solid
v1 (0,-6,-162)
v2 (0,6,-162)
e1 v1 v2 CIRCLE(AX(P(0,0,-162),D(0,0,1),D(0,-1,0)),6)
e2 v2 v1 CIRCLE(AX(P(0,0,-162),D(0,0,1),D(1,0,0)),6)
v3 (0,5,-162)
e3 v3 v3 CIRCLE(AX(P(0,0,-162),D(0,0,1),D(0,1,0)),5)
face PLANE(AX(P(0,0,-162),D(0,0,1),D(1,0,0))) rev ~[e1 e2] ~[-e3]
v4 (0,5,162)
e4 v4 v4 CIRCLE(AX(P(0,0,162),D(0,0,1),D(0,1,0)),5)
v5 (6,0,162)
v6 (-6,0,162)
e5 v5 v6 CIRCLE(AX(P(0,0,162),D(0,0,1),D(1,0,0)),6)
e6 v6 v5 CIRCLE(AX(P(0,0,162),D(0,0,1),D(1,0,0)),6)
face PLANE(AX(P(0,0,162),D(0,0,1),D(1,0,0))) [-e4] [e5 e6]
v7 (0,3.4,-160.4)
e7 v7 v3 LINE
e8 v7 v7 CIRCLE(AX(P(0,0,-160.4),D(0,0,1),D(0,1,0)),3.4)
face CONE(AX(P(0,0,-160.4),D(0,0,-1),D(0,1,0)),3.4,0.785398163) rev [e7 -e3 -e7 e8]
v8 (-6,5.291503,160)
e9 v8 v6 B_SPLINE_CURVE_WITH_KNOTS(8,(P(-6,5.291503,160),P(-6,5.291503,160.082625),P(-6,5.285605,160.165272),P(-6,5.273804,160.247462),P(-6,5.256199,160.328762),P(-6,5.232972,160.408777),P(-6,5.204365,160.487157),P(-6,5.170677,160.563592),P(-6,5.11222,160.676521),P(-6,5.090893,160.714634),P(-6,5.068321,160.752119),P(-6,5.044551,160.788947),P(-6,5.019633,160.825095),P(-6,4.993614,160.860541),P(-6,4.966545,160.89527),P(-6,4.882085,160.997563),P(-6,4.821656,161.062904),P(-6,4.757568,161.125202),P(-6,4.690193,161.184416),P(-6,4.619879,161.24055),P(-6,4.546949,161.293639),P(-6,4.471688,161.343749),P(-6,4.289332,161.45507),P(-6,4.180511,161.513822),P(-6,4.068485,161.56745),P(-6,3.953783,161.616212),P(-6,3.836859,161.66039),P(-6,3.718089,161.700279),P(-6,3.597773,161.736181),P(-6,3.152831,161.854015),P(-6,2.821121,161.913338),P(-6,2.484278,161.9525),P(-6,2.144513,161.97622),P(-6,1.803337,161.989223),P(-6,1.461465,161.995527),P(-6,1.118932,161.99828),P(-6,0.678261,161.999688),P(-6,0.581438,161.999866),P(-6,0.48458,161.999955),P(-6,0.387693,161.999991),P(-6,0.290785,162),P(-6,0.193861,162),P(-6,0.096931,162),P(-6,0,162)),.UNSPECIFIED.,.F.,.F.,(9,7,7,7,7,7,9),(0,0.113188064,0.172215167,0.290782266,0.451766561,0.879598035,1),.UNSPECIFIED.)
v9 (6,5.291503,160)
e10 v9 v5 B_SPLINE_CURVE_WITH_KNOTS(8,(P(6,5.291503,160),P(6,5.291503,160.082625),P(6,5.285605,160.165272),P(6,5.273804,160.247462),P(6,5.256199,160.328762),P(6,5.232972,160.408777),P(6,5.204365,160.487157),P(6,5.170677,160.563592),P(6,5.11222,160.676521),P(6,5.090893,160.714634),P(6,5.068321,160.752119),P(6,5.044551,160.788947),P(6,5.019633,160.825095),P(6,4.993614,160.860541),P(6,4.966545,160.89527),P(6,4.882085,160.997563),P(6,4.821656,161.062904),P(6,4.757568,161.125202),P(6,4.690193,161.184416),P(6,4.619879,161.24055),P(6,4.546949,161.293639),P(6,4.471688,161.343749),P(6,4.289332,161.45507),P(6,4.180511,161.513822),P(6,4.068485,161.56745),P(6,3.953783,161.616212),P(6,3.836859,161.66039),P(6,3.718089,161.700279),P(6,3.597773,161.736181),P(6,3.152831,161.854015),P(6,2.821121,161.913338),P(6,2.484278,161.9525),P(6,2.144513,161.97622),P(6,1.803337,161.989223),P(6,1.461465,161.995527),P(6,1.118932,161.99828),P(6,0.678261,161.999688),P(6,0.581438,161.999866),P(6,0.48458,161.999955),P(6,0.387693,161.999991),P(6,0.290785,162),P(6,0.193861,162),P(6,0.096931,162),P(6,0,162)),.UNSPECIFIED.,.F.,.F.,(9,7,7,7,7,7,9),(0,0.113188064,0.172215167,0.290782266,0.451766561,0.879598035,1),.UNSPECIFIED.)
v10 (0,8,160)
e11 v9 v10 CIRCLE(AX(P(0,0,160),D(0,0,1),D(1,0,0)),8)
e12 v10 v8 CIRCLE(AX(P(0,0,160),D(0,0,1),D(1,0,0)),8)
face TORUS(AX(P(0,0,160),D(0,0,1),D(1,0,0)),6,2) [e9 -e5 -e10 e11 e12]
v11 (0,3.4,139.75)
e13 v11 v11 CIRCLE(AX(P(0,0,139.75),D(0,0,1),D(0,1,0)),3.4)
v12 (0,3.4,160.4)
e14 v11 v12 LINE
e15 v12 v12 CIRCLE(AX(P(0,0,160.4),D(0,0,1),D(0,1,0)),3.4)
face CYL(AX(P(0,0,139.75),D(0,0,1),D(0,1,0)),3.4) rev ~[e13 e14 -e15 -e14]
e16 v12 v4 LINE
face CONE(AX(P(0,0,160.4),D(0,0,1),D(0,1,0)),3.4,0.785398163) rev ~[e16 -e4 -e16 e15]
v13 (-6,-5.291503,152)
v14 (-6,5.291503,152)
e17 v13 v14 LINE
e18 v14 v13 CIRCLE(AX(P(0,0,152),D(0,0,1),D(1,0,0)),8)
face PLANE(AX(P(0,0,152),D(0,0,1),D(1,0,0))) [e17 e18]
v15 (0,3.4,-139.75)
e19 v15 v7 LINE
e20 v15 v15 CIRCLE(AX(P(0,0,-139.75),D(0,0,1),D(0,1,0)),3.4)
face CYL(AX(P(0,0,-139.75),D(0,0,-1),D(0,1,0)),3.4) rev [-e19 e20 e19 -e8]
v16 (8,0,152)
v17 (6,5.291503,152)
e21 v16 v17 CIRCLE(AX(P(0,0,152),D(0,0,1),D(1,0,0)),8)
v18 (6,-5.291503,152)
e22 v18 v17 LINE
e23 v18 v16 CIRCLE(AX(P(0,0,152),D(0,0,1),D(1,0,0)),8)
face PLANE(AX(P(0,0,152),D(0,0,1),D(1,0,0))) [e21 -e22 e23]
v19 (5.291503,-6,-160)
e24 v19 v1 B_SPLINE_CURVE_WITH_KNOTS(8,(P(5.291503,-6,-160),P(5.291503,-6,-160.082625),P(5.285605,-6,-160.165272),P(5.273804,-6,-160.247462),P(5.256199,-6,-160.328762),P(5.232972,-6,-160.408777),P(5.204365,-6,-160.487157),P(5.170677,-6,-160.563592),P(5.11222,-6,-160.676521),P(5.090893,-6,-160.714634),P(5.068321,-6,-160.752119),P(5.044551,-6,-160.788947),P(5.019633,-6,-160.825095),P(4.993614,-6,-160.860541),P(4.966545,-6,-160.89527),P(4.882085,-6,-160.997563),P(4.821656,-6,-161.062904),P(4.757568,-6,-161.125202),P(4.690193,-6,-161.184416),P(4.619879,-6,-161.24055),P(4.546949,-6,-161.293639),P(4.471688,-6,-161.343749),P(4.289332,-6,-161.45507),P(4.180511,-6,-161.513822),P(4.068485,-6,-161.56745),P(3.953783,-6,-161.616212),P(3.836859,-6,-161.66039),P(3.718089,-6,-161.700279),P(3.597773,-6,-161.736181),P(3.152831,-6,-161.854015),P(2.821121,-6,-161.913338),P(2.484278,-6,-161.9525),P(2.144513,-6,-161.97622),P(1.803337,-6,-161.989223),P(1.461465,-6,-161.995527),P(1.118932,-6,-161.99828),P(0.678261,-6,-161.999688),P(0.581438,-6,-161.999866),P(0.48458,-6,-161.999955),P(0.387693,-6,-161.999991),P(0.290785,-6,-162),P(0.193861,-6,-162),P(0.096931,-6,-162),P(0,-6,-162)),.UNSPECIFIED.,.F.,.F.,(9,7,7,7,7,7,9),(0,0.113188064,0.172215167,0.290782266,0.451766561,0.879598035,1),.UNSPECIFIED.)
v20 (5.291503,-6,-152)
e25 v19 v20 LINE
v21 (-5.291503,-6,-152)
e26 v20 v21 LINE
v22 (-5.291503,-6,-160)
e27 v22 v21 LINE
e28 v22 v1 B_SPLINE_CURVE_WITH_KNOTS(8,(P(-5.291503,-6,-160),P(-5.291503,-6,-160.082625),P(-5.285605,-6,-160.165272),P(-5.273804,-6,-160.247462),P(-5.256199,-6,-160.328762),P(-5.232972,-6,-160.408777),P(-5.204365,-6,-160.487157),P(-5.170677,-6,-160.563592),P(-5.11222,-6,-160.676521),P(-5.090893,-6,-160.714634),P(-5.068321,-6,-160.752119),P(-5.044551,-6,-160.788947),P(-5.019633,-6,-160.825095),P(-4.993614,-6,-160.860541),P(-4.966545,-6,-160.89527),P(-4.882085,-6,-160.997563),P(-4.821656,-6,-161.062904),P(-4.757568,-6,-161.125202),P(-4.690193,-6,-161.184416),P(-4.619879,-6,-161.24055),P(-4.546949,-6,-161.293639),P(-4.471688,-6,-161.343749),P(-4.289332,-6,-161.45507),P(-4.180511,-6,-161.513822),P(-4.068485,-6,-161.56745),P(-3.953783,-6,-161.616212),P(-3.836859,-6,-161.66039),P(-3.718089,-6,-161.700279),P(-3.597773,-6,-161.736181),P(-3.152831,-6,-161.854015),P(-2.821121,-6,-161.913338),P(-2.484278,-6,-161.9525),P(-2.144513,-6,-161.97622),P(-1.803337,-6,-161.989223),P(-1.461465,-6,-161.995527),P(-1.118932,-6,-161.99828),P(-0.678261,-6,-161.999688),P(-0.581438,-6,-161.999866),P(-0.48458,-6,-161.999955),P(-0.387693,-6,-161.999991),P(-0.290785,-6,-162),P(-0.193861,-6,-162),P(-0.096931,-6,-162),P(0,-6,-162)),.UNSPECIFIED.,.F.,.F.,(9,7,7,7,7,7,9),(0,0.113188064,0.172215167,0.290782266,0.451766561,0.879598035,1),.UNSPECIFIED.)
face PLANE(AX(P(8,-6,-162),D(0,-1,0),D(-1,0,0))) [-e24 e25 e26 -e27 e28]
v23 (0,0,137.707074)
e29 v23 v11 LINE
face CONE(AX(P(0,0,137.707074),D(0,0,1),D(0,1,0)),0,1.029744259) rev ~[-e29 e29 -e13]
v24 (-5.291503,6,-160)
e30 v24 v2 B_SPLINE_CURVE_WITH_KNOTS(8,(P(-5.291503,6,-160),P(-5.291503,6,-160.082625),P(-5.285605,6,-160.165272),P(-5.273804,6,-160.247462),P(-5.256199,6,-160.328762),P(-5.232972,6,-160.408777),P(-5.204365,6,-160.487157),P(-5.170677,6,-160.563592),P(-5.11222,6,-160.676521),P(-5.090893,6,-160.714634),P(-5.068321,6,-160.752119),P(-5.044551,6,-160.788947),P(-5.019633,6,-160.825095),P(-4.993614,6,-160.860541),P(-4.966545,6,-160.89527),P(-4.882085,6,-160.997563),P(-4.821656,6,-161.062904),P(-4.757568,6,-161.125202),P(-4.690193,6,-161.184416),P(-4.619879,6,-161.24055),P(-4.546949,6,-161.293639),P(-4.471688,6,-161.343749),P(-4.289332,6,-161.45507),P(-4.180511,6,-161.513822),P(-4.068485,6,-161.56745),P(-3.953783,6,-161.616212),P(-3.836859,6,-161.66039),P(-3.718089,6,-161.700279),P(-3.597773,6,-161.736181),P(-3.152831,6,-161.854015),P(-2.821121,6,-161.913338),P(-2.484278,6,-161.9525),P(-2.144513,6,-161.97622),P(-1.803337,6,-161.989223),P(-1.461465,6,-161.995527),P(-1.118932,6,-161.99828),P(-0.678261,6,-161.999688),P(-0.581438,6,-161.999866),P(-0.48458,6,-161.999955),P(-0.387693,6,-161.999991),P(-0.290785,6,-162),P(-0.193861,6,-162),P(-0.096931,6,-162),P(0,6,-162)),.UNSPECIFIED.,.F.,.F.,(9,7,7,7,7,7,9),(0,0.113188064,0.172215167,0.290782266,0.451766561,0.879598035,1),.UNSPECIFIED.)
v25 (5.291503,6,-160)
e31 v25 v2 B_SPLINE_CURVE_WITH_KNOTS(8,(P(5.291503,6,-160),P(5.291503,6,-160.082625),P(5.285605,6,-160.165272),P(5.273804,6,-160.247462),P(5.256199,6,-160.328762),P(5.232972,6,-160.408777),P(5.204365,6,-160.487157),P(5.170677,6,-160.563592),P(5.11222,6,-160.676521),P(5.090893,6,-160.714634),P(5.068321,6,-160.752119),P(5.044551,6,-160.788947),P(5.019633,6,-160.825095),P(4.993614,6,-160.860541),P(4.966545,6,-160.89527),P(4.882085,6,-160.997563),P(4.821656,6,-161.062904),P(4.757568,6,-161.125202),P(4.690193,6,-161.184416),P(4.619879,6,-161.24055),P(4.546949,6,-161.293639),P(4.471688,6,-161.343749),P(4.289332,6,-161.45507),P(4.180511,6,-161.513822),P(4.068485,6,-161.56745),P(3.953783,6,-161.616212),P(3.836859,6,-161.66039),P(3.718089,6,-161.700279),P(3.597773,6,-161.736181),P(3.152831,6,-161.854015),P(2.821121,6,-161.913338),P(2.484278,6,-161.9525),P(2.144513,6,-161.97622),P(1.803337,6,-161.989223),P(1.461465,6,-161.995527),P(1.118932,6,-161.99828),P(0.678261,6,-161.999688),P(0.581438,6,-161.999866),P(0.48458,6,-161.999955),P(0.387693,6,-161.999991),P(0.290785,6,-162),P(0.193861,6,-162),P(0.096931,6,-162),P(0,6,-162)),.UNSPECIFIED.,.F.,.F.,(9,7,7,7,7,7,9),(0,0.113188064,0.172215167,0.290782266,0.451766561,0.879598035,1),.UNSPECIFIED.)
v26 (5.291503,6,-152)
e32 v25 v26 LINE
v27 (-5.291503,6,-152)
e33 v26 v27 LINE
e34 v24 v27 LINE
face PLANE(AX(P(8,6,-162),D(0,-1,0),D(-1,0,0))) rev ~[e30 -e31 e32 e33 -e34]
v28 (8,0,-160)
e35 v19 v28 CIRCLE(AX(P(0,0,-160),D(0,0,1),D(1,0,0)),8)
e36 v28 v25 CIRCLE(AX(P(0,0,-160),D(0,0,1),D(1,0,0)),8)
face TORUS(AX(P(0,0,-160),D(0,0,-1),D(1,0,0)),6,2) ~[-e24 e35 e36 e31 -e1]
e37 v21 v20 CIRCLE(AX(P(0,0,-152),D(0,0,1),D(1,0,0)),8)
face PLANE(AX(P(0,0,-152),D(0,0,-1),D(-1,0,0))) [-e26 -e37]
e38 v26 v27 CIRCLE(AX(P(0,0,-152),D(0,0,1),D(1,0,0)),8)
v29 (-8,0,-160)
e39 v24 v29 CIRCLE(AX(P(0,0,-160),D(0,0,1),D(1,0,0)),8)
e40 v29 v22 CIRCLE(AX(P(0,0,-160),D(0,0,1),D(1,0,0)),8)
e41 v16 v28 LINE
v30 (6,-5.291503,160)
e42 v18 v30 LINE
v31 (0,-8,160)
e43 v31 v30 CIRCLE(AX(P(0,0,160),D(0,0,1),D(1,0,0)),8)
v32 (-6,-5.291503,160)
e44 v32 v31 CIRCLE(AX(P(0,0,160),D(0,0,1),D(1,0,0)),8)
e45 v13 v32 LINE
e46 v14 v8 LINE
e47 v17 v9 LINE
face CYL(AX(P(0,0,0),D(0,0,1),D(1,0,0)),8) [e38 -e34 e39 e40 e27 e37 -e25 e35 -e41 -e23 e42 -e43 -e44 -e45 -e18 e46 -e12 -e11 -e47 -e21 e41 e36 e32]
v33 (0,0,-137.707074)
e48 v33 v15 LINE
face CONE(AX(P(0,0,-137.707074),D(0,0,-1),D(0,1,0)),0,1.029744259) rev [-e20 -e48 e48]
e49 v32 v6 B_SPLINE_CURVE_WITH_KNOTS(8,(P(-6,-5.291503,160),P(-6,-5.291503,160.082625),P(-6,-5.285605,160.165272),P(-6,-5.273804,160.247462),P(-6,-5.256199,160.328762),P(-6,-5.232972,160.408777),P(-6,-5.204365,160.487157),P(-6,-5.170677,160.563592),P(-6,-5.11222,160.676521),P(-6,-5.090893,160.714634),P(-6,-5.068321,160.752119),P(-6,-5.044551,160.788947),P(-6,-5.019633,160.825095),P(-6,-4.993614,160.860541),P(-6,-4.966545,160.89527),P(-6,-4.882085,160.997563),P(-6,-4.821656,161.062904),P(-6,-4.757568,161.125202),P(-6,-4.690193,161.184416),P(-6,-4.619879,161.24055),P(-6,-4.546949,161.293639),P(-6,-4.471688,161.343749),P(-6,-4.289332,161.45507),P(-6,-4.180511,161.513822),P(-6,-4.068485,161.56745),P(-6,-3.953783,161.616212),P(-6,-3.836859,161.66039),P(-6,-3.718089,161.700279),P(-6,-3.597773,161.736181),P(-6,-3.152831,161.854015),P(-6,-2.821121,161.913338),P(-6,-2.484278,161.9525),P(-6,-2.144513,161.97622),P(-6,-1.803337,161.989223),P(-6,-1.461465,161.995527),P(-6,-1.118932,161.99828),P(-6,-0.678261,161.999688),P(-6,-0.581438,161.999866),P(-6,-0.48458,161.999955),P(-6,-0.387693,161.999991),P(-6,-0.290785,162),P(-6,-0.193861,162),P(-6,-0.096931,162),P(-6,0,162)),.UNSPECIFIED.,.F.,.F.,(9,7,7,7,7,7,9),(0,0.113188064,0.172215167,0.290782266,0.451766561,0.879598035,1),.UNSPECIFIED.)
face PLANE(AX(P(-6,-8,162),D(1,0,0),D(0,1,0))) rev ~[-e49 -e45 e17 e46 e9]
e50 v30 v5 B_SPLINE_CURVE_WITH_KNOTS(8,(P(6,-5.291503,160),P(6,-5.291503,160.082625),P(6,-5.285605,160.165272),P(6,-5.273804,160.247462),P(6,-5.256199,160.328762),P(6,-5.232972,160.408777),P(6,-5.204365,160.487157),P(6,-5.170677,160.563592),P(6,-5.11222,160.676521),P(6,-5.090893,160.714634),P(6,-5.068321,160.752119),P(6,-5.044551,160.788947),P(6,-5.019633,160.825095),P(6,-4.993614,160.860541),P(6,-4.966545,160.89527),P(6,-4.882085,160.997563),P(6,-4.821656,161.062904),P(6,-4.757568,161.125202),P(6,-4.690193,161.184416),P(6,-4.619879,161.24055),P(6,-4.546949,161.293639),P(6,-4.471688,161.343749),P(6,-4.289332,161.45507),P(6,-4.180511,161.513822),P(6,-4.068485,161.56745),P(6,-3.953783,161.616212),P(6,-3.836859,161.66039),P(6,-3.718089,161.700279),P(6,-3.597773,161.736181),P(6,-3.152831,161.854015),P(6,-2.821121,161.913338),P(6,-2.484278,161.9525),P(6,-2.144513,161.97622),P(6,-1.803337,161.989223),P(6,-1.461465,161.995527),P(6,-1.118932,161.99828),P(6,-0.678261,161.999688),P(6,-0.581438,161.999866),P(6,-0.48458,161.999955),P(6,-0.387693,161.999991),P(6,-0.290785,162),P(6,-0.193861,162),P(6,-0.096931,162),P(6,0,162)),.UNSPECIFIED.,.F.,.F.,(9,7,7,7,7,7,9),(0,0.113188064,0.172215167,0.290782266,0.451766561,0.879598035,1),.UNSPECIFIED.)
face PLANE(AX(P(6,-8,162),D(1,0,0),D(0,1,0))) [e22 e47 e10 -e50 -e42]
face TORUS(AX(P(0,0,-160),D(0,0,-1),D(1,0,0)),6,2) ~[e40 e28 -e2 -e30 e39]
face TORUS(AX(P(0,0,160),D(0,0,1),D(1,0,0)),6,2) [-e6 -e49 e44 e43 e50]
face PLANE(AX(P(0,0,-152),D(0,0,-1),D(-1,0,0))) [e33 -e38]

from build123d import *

# Parameters (mm, degrees)
ESQUISSE1_R             = 8
BOSS_EXTRU_1_DEPTH      = 162
CONG_1_R                = 2
ESQUISSE4_OUTSIDE_W     = 82.958
ESQUISSE4_OUTSIDE_H     = 82.958
ESQUISSE4_OUTSIDE_W_2   = 16
ESQUISSE4_OUTSIDE_H_2   = 12
ENL_V_MAT_EXTRU_1_DEPTH = 10
ESQUISSE5_OUTSIDE_W     = 82.958
ESQUISSE5_OUTSIDE_H     = 82.958
ESQUISSE5_OUTSIDE_W_2   = 12
ESQUISSE5_OUTSIDE_H_2   = 16
ENL_V_MAT_EXTRU_2_DEPTH = 10


with BuildPart() as part:
    # Esquisse1 → Boss.-Extru.1 (new body, symmetric)
    with BuildSketch(Plane.XY):
        Circle(ESQUISSE1_R)
    extrude(amount=BOSS_EXTRU_1_DEPTH, both=True)

    # Congé1
    cong_1_edges = [part.edges().sort_by_distance(p)[0] for p in [
        (-8, 0, -162),
        (-8, 0, 162),
    ]]
    fillet(cong_1_edges, radius=CONG_1_R)

    # Esquisse2 → Trou taraudé M81 (revolve, cut)
    with BuildSketch(Plane(origin=(0, 0, -162), x_dir=(0, 1, 0), z_dir=(1, 0, 0))):
        Polygon((0, 0), (0, 24.292926105), (3.4, 22.25), (3.4, 1.6), (5, 0), align=None)
    trou_taraud_m81 = revolve(axis=Axis((0, 0, -168.35), (0, 0, 1)), mode=Mode.SUBTRACT)

    # Symétrie5: Trou taraudé M81 across plane
    add(trou_taraud_m81.mirror(Plane.XY), mode=Mode.SUBTRACT)

    # Esquisse4 outside → Enlèv. mat.-Extru.1 (cut)
    with BuildSketch(Plane(origin=(0, 0, -162), x_dir=(-1, 0, 0), z_dir=(0, 0, -1))):
        Rectangle(ESQUISSE4_OUTSIDE_W, ESQUISSE4_OUTSIDE_H)
        Rectangle(ESQUISSE4_OUTSIDE_W_2, ESQUISSE4_OUTSIDE_H_2, mode=Mode.SUBTRACT)
    extrude(amount=-ENL_V_MAT_EXTRU_1_DEPTH, mode=Mode.SUBTRACT)

    # Esquisse5 outside → Enlèv. mat.-Extru.2 (cut)
    with BuildSketch(Plane.XY.offset(162)):
        Rectangle(ESQUISSE5_OUTSIDE_W, ESQUISSE5_OUTSIDE_H)
        Rectangle(ESQUISSE5_OUTSIDE_W_2, ESQUISSE5_OUTSIDE_H_2, mode=Mode.SUBTRACT)
    extrude(amount=-ENL_V_MAT_EXTRU_2_DEPTH, mode=Mode.SUBTRACT)


solid = part.part
